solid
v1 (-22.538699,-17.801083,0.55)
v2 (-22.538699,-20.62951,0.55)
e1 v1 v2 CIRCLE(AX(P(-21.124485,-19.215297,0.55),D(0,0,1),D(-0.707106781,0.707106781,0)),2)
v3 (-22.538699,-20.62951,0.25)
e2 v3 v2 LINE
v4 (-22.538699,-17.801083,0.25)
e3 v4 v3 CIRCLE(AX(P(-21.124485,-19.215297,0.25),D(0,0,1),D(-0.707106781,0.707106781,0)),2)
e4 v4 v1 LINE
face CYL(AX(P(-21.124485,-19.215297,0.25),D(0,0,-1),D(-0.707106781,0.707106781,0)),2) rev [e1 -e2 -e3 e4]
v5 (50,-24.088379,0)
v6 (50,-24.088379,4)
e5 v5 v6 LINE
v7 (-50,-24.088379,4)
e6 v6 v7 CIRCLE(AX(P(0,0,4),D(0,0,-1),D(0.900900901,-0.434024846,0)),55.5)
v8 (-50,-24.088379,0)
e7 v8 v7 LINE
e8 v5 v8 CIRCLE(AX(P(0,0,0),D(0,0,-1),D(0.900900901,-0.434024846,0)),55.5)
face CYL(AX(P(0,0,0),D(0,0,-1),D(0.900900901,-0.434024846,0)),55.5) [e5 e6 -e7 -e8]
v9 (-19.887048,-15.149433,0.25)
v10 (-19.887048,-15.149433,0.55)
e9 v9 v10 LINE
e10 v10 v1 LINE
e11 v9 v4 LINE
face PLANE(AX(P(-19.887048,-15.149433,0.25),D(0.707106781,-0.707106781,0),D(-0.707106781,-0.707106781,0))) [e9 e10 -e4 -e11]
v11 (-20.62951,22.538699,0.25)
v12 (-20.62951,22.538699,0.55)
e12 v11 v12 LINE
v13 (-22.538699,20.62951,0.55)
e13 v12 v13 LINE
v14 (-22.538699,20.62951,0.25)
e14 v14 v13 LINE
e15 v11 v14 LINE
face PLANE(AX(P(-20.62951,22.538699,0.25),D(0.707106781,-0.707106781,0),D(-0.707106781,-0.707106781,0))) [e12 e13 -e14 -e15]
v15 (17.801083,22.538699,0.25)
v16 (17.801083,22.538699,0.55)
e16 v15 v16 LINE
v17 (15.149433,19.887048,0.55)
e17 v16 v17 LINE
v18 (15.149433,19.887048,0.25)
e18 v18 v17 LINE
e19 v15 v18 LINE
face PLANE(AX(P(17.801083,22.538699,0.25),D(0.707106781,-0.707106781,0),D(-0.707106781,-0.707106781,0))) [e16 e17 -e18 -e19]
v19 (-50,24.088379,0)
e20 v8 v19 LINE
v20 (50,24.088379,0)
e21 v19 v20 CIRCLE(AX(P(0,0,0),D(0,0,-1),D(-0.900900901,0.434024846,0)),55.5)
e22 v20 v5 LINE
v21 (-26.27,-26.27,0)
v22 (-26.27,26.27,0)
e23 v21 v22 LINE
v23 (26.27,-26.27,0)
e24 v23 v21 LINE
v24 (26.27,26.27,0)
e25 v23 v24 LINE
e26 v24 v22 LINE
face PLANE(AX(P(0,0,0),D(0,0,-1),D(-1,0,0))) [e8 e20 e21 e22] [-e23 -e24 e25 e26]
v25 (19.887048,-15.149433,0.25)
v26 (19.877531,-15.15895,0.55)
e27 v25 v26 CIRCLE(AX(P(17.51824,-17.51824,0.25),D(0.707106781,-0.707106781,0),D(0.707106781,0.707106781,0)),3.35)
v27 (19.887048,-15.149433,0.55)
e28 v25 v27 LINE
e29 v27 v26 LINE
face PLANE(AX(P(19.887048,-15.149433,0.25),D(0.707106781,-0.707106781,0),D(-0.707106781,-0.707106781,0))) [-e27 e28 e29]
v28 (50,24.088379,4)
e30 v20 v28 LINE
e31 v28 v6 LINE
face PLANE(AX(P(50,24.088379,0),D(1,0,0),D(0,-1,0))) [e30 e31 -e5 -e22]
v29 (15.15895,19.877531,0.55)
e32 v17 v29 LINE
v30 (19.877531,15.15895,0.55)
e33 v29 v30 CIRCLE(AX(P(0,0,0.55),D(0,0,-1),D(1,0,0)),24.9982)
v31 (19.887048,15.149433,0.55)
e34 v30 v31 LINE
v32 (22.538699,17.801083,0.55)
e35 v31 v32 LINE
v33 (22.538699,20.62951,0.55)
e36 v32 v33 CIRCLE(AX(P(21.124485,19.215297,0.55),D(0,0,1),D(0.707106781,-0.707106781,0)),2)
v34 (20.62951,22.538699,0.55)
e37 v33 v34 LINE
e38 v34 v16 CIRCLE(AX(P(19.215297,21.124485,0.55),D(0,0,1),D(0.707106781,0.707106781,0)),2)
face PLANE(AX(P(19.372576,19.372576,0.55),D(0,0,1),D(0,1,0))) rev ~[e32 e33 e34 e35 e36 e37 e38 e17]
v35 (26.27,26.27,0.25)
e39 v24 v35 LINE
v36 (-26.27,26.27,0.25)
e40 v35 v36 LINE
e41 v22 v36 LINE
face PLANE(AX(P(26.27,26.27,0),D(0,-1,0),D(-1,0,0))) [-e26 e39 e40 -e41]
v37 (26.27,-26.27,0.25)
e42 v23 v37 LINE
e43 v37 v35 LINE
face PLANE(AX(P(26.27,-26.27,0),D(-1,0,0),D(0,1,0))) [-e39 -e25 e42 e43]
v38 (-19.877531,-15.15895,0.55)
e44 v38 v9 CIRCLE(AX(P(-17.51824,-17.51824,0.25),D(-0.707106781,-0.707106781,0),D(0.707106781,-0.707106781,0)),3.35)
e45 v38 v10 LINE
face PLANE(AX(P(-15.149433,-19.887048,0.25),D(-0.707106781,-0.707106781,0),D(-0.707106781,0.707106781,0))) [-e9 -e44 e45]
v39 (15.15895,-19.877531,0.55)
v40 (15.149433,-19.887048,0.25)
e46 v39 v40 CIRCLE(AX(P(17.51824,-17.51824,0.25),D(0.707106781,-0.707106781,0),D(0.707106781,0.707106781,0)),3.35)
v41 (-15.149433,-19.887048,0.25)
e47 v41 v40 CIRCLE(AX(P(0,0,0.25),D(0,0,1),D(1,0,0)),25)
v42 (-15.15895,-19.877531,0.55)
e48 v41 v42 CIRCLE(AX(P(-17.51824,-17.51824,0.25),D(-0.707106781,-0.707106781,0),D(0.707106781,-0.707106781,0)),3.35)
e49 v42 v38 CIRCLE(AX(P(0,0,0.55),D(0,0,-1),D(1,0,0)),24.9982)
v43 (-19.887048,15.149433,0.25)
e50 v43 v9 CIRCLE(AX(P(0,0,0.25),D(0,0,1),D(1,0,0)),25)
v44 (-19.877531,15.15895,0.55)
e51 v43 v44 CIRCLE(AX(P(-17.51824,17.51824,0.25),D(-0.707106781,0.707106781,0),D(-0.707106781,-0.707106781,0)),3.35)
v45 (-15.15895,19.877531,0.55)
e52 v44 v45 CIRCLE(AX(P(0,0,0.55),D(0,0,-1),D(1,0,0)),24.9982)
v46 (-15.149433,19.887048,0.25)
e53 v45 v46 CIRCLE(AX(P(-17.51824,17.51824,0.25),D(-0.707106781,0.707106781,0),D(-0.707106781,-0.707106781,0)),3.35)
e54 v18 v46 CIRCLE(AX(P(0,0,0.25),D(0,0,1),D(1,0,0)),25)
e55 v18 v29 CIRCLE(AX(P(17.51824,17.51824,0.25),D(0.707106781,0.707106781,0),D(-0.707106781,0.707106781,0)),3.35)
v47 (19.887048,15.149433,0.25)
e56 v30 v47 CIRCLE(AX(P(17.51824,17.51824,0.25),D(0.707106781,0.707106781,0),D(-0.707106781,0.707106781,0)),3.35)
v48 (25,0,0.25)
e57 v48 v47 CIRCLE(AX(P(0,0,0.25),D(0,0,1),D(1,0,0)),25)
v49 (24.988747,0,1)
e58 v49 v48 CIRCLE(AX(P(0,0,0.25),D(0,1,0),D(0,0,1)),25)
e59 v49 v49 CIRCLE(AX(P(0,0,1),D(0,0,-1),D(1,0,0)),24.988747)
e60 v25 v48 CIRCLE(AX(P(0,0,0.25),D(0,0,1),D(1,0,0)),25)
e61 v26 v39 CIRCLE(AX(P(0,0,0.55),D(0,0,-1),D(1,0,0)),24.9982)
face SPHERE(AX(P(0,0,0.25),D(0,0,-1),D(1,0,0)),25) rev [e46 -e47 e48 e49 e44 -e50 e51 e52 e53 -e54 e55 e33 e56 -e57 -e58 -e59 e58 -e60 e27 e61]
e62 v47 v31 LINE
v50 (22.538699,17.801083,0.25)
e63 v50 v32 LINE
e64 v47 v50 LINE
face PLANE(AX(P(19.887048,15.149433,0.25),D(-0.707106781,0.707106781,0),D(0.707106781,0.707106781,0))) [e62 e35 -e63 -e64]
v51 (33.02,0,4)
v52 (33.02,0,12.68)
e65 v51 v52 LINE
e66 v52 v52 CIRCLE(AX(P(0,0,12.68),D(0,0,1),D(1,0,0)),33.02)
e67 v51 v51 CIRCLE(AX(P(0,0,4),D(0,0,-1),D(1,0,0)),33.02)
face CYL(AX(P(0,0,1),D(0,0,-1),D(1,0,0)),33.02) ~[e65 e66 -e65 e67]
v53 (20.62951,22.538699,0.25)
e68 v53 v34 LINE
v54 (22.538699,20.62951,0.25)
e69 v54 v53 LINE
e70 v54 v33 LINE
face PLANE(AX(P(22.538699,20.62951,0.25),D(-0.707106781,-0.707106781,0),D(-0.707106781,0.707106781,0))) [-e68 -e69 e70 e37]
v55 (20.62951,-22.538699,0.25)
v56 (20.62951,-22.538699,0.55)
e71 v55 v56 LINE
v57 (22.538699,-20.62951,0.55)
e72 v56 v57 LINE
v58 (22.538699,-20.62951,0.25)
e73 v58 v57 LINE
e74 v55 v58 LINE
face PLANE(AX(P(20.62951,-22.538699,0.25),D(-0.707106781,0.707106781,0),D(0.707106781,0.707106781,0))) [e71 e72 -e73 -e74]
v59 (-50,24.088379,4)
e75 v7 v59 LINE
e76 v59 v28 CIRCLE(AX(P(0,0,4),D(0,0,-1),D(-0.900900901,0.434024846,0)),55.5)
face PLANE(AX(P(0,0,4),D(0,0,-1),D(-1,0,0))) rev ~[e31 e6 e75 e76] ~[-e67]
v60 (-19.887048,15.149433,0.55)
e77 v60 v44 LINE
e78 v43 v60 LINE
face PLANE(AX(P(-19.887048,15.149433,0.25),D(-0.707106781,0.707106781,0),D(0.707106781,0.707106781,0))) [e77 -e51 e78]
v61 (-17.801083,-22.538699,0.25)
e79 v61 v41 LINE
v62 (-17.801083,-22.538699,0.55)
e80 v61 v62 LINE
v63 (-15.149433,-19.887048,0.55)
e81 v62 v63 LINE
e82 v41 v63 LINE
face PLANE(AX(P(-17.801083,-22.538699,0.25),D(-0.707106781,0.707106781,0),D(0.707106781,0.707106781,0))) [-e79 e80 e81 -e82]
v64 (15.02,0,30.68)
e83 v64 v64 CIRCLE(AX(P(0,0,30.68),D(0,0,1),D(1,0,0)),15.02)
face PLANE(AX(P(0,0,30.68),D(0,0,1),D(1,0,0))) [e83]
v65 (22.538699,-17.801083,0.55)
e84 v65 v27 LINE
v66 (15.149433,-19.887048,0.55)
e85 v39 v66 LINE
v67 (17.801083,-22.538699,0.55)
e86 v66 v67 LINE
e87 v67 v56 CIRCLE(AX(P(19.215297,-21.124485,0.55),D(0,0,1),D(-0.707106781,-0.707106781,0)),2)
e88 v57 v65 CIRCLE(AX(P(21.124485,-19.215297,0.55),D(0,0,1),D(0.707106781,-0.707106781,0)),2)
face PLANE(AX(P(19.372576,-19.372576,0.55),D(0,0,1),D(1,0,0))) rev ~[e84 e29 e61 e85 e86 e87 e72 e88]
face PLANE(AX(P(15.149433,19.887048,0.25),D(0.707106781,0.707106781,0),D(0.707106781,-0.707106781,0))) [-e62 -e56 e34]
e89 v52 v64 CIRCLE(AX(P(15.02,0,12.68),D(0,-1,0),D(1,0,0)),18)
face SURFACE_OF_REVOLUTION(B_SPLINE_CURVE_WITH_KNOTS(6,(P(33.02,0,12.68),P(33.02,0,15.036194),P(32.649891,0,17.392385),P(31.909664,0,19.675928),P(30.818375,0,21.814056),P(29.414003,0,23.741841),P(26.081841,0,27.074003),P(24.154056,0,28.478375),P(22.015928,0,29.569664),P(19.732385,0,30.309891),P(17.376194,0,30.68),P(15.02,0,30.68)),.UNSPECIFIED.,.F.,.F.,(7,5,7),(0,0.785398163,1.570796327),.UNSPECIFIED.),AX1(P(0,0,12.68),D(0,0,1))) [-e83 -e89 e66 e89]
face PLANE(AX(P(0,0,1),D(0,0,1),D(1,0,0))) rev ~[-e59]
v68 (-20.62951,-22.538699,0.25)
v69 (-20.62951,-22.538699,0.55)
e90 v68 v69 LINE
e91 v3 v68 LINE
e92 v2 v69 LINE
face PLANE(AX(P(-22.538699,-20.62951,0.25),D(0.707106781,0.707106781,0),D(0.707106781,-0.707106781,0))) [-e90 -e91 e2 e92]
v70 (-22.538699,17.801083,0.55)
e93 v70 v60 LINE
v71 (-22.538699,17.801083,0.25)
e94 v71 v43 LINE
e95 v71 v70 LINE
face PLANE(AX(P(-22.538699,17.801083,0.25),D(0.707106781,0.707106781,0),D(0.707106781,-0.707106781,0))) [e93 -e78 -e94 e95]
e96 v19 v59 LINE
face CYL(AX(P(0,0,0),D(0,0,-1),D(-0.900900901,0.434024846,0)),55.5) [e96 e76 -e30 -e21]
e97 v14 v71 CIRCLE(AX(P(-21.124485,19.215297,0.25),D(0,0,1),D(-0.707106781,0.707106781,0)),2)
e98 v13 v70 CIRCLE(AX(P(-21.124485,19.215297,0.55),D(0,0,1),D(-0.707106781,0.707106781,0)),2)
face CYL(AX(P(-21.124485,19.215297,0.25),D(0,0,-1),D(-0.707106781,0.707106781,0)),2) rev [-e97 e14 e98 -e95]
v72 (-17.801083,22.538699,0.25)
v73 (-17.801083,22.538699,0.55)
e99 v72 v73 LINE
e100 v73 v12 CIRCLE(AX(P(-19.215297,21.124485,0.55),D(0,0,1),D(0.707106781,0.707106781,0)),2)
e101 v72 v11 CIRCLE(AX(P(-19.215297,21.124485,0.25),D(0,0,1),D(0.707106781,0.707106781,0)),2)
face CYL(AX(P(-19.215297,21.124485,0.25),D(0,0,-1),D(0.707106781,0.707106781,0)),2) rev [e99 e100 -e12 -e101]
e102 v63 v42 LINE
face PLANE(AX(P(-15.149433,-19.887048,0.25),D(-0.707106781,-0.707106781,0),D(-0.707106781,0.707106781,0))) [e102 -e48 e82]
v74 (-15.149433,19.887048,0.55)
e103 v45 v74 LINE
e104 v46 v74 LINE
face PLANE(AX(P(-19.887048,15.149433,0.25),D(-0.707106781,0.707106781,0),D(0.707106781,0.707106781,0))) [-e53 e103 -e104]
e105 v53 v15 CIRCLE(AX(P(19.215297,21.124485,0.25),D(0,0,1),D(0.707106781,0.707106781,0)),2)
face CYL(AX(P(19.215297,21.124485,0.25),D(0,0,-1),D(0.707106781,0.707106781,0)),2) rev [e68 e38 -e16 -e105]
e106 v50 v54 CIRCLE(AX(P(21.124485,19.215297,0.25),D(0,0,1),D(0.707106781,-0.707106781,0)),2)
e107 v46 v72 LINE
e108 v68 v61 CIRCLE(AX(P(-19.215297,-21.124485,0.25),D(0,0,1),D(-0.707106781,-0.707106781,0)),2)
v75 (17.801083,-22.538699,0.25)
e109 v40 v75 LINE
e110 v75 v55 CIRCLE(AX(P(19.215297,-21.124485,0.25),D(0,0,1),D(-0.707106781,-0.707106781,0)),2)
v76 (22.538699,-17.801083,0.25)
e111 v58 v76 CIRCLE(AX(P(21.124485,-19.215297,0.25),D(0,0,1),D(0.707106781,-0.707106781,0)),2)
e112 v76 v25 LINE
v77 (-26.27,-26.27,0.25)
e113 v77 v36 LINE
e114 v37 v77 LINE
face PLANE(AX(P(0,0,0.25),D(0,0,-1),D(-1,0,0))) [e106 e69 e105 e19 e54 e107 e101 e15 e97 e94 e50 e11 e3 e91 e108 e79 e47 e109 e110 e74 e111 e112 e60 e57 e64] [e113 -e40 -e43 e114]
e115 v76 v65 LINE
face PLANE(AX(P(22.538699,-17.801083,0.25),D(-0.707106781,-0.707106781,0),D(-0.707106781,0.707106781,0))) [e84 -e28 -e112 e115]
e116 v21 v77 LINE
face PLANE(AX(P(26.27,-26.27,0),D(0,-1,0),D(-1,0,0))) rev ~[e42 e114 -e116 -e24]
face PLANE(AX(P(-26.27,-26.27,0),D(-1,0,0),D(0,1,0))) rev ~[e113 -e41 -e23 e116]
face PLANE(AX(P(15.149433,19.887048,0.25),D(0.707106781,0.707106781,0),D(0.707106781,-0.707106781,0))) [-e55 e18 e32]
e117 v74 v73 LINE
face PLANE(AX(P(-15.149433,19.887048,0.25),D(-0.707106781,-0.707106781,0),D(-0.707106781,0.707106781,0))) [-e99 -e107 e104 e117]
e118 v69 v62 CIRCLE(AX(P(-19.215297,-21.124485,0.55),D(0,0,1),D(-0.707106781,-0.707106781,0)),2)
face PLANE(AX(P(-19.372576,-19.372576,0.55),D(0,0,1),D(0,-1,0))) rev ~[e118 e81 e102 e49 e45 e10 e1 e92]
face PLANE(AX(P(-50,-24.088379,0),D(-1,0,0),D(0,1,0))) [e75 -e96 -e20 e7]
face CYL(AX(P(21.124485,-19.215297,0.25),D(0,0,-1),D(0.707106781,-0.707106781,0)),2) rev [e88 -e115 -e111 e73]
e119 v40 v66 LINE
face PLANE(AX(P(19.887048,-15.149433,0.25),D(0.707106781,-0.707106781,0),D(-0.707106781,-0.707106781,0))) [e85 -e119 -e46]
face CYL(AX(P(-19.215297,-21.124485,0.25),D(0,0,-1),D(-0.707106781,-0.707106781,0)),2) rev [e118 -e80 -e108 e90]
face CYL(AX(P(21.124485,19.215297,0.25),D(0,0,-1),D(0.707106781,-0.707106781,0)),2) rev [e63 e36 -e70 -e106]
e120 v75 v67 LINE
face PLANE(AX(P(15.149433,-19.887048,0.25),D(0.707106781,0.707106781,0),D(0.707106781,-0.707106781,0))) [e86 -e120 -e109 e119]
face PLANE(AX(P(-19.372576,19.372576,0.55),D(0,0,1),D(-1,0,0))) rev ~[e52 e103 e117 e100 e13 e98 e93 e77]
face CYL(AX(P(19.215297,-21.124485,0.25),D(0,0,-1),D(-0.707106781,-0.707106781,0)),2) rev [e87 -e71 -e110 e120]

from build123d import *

# Parameters (mm, degrees)
BOSS_EXTRUDE1_DEPTH      = 4
SKETCH6_W                = 52.54
SKETCH6_H                = 52.54
CUT_EXTRUDE2_DEPTH       = 0.25
CUT_EXTRUDE3_DEPTH       = 0.3
CIRPATTERN1_COUNT        = 4
BOSS_EXTRUDE3_DEPTH      = 26.68
BOSS_EXTRUDE3_DEPTH_BACK = 3
SKETCH9_R                = 33.02
FILLET2_R                = 18


with BuildPart() as part:
    # Sketch1 → Boss-Extrude1 (new body)
    with BuildSketch(Plane.XY):
        with BuildLine():
            Line((50, 24.088378941), (50, -24.088378941))
            ThreePointArc((50, -24.088378941), (0, -55.5), (-50, -24.088378941))
            Line((-50, -24.088378941), (-50, 24.088378941))
            ThreePointArc((-50, 24.088378941), (0, 55.5), (50, 24.088378941))
        make_face()
    extrude(amount=BOSS_EXTRUDE1_DEPTH)

    # Sketch6 → Cut-Extrude2 (cut)
    with BuildSketch(Plane(origin=(0, 0, 0), x_dir=(-1, 0, 0), z_dir=(0, 0, -1))):
        Rectangle(SKETCH6_W, SKETCH6_H)
    extrude(amount=-CUT_EXTRUDE2_DEPTH, mode=Mode.SUBTRACT)

    # Sketch7 → Cut-Revolve1 (revolve, cut)
    with BuildSketch(Plane(origin=(0, 0, 0), x_dir=(1, 0, 0), z_dir=(0, 1, 0))):
        with BuildLine():
            Line((0, -0.25), (0, -25.25))
            ThreePointArc((0, -25.25), (17.67766953, -17.92766953), (25, -0.25))
            Line((25, -0.25), (0, -0.25))
        make_face()
    revolve(axis=Axis((0, 0, 0.25), (0, 0, 1)), mode=Mode.SUBTRACT)

    # Sketch8 → Cut-Extrude3 (cut)
    with BuildSketch(Plane(origin=(0, 0, 0.25), x_dir=(-1, 0, 0), z_dir=(0, 0, -1))):
        with BuildLine():
            Line((-19.887048211, -15.149432777), (-15.149432777, -19.887048211))
            Line((-15.149432777, -19.887048211), (-17.801083206, -22.53869864))
            ThreePointArc((-17.801083206, -22.53869864), (-19.215296769, -23.124485078), (-20.629510331, -22.53869864))
            Line((-20.629510331, -22.53869864), (-22.53869864, -20.629510331))
            ThreePointArc((-22.53869864, -20.629510331), (-23.124485078, -19.215296769), (-22.53869864, -17.801083206))
            Line((-22.53869864, -17.801083206), (-19.887048211, -15.149432777))
        make_face()
    cut_extrude3 = extrude(amount=-CUT_EXTRUDE3_DEPTH, mode=Mode.SUBTRACT)

    # CirPattern1: Cut-Extrude3 ×4 about axis
    cirpattern1_axis = Axis((0, 0, 0), (0, 0, 1))
    for i in range(1, CIRPATTERN1_COUNT):
        add(cut_extrude3.rotate(cirpattern1_axis, i * 360 / CIRPATTERN1_COUNT), mode=Mode.SUBTRACT)

    # Sketch9 → Boss-Extrude3 (add, two sides: drawn at the far end of the back side and taken through both)
    with BuildSketch(Plane.XY.offset(4).offset(-BOSS_EXTRUDE3_DEPTH_BACK)):
        Circle(SKETCH9_R)
    extrude(amount=BOSS_EXTRUDE3_DEPTH + BOSS_EXTRUDE3_DEPTH_BACK)

    # Fillet2
    fillet2_edges = [part.edges().sort_by_distance(p)[0] for p in [
        (-33.02, 0, 30.68),
    ]]
    fillet(fillet2_edges, radius=FILLET2_R)


solid = part.part
